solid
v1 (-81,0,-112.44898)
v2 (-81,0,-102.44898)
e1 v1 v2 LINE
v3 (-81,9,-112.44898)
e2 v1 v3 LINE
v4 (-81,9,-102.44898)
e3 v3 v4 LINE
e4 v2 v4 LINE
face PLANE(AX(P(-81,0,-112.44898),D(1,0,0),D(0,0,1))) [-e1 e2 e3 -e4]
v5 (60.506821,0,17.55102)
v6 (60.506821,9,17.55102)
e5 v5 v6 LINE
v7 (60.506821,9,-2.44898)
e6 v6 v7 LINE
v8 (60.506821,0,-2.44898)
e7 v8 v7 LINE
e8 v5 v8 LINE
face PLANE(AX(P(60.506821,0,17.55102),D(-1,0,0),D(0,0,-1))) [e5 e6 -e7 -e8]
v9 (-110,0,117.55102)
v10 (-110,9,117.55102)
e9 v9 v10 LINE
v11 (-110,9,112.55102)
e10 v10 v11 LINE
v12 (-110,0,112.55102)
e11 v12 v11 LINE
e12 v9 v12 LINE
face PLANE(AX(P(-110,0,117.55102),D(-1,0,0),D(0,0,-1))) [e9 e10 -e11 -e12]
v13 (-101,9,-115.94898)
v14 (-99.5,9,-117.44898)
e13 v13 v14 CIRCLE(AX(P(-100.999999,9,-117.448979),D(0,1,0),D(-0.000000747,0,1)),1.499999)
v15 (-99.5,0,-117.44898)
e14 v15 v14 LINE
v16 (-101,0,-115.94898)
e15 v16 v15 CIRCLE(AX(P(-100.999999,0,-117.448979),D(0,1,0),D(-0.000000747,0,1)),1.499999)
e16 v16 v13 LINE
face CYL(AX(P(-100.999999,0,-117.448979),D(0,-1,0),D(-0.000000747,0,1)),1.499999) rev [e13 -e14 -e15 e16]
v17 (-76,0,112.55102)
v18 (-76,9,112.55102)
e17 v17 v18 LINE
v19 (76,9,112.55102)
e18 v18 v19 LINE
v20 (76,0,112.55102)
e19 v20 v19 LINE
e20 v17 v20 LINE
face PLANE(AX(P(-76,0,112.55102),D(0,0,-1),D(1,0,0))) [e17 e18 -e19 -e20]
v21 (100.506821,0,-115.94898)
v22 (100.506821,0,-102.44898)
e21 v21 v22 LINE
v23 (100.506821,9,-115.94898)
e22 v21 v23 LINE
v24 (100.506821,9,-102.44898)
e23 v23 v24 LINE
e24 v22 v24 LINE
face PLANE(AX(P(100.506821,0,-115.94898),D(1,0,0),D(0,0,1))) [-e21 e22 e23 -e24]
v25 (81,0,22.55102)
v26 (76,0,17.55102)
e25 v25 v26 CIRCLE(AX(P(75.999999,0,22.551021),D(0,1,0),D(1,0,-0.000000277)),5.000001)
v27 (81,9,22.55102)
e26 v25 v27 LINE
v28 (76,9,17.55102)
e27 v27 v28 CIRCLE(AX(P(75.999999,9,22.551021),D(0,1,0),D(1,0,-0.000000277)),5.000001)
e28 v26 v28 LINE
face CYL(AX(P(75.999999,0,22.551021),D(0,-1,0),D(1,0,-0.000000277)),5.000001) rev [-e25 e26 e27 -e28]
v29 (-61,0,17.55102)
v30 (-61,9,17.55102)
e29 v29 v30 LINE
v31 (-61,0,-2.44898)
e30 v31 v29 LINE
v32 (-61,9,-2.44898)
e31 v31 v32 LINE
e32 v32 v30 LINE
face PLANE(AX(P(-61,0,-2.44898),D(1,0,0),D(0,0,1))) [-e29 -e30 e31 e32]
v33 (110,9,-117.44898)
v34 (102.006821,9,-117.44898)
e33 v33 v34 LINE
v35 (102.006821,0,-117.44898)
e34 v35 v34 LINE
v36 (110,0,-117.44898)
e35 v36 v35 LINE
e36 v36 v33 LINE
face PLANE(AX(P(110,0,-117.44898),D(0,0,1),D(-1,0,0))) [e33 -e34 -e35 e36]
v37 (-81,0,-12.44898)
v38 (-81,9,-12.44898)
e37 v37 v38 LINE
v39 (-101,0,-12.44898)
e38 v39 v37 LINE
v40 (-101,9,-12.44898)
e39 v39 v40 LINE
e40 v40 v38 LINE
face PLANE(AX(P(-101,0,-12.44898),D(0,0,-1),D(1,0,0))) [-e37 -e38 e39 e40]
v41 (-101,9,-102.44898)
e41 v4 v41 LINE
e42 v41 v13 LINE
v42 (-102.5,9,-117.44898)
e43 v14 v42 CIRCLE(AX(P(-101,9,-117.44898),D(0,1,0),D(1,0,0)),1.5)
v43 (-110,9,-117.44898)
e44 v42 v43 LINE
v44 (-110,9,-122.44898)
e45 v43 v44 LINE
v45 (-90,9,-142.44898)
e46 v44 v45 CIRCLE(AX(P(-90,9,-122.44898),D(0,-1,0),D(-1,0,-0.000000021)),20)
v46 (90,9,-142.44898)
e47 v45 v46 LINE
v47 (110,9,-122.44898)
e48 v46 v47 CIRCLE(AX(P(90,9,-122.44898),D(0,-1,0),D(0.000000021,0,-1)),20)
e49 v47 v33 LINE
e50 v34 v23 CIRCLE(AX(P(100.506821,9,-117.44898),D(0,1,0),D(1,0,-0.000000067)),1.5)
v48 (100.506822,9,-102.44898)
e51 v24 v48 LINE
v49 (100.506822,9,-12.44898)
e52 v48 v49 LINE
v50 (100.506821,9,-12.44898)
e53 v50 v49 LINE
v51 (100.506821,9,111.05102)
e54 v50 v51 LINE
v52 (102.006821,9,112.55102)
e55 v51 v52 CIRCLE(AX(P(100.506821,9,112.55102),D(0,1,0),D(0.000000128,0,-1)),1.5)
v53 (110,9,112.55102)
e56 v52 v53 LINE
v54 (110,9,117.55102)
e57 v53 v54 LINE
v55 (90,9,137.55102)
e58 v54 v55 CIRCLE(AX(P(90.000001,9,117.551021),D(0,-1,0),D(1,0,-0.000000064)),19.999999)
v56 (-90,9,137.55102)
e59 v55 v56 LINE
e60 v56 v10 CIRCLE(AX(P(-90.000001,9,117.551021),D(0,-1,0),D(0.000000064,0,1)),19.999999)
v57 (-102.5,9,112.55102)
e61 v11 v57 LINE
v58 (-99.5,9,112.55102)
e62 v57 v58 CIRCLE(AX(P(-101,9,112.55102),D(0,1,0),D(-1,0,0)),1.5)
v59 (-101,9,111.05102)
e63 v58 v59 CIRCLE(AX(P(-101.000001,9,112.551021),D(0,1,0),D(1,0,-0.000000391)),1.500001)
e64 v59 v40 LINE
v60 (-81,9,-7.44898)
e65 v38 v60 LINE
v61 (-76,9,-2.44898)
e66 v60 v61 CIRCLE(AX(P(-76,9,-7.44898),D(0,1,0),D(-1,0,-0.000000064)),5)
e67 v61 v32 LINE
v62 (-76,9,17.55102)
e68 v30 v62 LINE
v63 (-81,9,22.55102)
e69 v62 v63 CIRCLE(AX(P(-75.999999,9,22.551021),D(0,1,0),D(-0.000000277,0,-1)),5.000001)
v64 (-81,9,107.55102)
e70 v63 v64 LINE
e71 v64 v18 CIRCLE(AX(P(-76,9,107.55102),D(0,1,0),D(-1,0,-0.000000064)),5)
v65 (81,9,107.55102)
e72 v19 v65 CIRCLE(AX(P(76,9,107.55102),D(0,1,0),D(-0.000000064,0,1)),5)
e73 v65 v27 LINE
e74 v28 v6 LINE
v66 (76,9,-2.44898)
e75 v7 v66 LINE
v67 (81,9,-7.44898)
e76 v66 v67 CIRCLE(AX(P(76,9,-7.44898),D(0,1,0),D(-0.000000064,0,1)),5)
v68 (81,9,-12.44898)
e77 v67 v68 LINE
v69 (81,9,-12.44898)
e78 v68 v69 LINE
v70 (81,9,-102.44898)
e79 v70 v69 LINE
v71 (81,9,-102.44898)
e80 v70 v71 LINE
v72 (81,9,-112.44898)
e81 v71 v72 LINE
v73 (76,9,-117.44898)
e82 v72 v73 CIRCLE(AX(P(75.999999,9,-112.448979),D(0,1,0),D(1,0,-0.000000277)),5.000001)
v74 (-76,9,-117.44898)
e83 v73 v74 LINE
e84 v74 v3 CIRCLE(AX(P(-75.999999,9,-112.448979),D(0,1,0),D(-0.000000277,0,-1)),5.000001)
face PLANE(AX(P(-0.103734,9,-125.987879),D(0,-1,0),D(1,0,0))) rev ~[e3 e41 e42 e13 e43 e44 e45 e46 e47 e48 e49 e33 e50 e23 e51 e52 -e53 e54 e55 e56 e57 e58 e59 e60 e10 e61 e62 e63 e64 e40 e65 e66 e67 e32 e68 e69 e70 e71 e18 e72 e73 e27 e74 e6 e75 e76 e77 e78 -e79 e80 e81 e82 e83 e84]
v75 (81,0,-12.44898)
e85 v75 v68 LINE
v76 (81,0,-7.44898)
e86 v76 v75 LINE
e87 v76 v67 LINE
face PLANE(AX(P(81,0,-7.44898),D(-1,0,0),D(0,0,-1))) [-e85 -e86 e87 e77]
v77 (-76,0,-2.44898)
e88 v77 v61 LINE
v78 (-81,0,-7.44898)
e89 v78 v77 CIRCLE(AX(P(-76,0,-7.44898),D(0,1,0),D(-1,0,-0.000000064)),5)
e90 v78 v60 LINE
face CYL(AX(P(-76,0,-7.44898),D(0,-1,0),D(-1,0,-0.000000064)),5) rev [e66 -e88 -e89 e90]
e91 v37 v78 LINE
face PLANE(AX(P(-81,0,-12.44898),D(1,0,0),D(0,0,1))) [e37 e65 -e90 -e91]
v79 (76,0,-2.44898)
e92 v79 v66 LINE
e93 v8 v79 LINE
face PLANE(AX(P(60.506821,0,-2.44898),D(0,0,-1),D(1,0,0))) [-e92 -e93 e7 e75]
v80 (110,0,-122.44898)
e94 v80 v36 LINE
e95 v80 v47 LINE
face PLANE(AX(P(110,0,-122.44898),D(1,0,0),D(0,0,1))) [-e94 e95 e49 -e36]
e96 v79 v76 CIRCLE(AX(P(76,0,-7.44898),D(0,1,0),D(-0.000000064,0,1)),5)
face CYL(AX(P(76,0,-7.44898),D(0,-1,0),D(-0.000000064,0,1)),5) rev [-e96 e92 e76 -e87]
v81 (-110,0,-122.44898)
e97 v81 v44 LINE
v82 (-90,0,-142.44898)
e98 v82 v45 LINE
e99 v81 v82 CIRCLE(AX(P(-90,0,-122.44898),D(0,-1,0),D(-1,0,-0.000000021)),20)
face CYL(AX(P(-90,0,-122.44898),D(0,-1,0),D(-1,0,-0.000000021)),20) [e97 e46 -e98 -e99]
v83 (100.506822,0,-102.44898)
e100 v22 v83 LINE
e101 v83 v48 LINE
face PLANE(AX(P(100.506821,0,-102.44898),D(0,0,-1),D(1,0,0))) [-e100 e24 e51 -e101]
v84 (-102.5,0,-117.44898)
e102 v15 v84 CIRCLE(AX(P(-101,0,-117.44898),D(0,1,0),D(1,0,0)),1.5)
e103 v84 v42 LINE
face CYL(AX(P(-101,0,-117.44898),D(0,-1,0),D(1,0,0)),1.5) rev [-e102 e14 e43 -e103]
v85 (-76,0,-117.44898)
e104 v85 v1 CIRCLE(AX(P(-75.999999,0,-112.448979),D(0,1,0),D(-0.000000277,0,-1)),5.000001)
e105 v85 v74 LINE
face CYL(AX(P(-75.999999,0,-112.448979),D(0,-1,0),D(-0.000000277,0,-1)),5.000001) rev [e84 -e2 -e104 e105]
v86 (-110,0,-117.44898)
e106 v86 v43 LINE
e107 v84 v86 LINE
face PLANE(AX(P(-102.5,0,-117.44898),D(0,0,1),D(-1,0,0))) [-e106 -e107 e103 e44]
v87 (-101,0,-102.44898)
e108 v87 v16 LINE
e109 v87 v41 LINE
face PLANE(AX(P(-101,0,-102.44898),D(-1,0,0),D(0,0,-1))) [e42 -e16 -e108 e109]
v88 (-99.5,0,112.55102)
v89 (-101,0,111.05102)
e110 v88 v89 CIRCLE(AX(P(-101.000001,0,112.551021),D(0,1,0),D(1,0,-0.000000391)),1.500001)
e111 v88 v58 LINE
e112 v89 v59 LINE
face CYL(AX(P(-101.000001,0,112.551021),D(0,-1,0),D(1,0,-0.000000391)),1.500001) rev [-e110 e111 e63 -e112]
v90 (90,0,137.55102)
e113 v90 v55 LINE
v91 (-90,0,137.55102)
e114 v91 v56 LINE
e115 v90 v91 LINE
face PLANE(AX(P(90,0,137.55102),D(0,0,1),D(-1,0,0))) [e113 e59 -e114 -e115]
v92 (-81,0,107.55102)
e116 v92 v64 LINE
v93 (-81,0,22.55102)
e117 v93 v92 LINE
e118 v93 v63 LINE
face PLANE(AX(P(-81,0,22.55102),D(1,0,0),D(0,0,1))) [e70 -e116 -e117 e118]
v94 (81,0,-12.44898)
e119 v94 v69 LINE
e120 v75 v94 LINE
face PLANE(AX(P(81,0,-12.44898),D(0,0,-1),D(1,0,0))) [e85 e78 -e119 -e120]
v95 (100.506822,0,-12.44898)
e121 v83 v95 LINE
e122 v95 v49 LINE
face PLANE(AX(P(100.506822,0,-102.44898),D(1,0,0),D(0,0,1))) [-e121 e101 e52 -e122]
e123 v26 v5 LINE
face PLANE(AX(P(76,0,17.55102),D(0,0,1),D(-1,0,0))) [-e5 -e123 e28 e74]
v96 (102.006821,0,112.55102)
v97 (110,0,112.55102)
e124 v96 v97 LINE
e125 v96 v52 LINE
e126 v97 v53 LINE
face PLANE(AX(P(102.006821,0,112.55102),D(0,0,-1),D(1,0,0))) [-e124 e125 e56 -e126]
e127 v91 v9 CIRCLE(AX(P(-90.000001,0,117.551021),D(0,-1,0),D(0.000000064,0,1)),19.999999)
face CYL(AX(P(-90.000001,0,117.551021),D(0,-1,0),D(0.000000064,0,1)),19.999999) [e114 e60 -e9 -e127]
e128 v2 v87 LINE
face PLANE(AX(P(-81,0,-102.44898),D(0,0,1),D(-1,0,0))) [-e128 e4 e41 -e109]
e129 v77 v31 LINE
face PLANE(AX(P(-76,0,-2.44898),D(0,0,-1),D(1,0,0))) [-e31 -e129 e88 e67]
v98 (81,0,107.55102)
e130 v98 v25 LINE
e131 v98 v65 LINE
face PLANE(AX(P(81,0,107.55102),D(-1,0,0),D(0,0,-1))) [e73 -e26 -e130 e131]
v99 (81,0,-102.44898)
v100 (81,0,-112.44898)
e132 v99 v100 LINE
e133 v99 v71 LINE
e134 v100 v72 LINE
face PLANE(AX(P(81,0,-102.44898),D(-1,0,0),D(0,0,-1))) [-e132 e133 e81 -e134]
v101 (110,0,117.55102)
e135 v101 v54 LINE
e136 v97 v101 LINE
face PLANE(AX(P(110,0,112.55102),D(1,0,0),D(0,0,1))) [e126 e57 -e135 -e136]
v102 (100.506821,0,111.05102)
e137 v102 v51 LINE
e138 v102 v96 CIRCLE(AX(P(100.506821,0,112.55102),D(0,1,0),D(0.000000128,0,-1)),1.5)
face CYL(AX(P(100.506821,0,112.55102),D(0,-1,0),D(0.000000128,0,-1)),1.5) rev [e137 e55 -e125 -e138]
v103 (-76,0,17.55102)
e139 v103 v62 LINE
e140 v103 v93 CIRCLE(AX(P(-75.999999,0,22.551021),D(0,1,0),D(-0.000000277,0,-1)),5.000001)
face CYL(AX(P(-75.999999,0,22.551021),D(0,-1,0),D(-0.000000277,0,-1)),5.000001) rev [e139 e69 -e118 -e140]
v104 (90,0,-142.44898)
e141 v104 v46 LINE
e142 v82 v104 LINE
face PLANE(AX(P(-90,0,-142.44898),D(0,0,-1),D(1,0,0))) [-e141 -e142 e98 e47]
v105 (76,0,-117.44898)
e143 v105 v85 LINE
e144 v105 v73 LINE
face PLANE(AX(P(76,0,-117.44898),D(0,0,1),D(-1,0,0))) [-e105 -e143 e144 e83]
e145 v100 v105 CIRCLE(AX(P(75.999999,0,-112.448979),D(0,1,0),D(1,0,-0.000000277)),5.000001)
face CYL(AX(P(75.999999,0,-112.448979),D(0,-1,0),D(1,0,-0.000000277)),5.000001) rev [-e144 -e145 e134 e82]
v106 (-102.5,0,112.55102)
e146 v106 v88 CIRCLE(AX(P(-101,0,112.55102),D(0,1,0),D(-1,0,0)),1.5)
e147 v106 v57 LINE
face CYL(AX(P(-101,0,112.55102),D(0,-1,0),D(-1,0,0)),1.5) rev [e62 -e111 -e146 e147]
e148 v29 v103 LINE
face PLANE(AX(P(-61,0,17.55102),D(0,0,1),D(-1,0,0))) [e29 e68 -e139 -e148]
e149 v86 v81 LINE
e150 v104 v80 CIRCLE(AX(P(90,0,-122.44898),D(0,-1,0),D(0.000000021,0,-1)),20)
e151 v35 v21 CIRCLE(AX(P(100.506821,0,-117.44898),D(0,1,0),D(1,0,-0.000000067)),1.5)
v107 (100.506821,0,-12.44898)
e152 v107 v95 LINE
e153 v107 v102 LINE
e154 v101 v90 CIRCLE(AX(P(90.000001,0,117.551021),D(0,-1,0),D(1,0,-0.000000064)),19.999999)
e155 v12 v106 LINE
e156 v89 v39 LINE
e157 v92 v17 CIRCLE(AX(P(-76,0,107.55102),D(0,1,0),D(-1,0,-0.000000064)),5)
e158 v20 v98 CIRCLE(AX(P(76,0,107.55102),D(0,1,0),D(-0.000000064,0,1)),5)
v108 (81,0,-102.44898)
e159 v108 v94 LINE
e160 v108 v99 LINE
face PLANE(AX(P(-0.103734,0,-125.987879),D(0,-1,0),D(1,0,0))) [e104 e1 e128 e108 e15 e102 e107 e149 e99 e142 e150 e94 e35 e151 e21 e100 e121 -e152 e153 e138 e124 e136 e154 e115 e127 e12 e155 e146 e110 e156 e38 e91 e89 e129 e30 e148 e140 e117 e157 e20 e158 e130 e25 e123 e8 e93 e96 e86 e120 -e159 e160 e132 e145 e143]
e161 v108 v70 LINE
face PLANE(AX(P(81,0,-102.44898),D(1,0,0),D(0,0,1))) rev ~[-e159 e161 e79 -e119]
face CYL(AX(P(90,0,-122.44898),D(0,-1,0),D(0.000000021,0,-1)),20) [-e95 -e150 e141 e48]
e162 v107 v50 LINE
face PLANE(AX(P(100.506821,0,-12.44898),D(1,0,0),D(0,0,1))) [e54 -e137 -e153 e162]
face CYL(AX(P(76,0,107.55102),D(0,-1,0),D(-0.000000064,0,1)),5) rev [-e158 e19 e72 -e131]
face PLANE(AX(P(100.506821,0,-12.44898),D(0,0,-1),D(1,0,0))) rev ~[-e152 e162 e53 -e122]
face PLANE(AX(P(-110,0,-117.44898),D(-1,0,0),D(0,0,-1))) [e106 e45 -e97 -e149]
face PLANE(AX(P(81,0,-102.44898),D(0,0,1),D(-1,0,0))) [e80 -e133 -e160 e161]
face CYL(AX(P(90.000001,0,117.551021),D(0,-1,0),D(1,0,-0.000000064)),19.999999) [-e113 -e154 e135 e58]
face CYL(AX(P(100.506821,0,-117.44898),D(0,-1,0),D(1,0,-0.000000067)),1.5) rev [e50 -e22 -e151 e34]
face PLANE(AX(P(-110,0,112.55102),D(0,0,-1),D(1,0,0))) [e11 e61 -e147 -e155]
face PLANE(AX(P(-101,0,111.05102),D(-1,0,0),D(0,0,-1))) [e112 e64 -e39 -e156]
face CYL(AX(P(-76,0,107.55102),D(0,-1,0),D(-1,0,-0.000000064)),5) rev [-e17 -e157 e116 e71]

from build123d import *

# Parameters (mm, degrees)
F0_W     = 19.506821
F0_H     = 90
F1_DEPTH = 9


with BuildPart() as f1:
    # F0 (on Front) → F1 (new body)
    with BuildSketch(Plane.XZ):
        with BuildLine():
            Line((100.506821, -115.94898), (100.506821, -102.44898))
            Line((100.506821, -102.44898), (81, -102.44898))
            Line((81, -102.44898), (81, -112.44898))
            ThreePointArc((81, -112.44898), (79.535534, -115.984513), (76, -117.44898))
            Line((76, -117.44898), (-76, -117.44898))
            ThreePointArc((-76, -117.44898), (-79.535534, -115.984513), (-81, -112.44898))
            Line((-81, -112.44898), (-81, -102.44898))
            Line((-81, -102.44898), (-101, -102.44898))
            Line((-101, -102.44898), (-101, -115.94898))
            ThreePointArc((-101, -115.94898), (-99.93934, -116.388319), (-99.5, -117.44898))
            ThreePointArc((-99.5, -117.44898), (-101, -118.94898), (-102.5, -117.44898))
            Line((-102.5, -117.44898), (-110, -117.44898))
            Line((-110, -117.44898), (-110, -122.44898))
            ThreePointArc((-110, -122.44898), (-104.142136, -136.591115), (-90, -142.44898))
            Line((-90, -142.44898), (90, -142.44898))
            ThreePointArc((90, -142.44898), (104.142136, -136.591115), (110, -122.44898))
            Line((110, -122.44898), (110, -117.44898))
            Line((110, -117.44898), (102.006821, -117.44898))
            ThreePointArc((102.006821, -117.44898), (99.446161, -118.50964), (100.506821, -115.94898))
        make_face()
        with Locations((90.753411, -57.44898)):
            Rectangle(F0_W, F0_H)
        with BuildLine():
            Line((90, 137.55102), (-90, 137.55102))
            ThreePointArc((-90, 137.55102), (-104.142136, 131.693156), (-110, 117.55102))
            Line((-110, 117.55102), (-110, 112.55102))
            Line((-110, 112.55102), (-102.5, 112.55102))
            ThreePointArc((-102.5, 112.55102), (-101, 114.05102), (-99.5, 112.55102))
            ThreePointArc((-99.5, 112.55102), (-99.93934, 111.49036), (-101, 111.05102))
            Line((-101, 111.05102), (-101, -12.44898))
            Line((-101, -12.44898), (-81, -12.44898))
            Line((-81, -12.44898), (-81, -7.44898))
            ThreePointArc((-81, -7.44898), (-79.535534, -3.913446), (-76, -2.44898))
            Line((-76, -2.44898), (-61, -2.44898))
            Line((-61, -2.44898), (-61, 17.55102))
            Line((-61, 17.55102), (-76, 17.55102))
            ThreePointArc((-76, 17.55102), (-79.535534, 19.015487), (-81, 22.55102))
            Line((-81, 22.55102), (-81, 107.55102))
            ThreePointArc((-81, 107.55102), (-79.535534, 111.086554), (-76, 112.55102))
            Line((-76, 112.55102), (76, 112.55102))
            ThreePointArc((76, 112.55102), (79.535534, 111.086554), (81, 107.55102))
            Line((81, 107.55102), (81, 22.55102))
            ThreePointArc((81, 22.55102), (79.535534, 19.015487), (76, 17.55102))
            Line((76, 17.55102), (60.506821, 17.55102))
            Line((60.506821, 17.55102), (60.506821, -2.44898))
            Line((60.506821, -2.44898), (76, -2.44898))
            ThreePointArc((76, -2.44898), (79.535534, -3.913446), (81, -7.44898))
            Line((81, -7.44898), (81, -12.44898))
            Line((81, -12.44898), (100.506821, -12.44898))
            Line((100.506821, -12.44898), (100.506821, 111.05102))
            ThreePointArc((100.506821, 111.05102), (99.446161, 113.611681), (102.006821, 112.55102))
            Line((102.006821, 112.55102), (110, 112.55102))
            Line((110, 112.55102), (110, 117.55102))
            ThreePointArc((110, 117.55102), (104.142136, 131.693156), (90, 137.55102))
        make_face()
    extrude(amount=-F1_DEPTH)


solid = f1.part
